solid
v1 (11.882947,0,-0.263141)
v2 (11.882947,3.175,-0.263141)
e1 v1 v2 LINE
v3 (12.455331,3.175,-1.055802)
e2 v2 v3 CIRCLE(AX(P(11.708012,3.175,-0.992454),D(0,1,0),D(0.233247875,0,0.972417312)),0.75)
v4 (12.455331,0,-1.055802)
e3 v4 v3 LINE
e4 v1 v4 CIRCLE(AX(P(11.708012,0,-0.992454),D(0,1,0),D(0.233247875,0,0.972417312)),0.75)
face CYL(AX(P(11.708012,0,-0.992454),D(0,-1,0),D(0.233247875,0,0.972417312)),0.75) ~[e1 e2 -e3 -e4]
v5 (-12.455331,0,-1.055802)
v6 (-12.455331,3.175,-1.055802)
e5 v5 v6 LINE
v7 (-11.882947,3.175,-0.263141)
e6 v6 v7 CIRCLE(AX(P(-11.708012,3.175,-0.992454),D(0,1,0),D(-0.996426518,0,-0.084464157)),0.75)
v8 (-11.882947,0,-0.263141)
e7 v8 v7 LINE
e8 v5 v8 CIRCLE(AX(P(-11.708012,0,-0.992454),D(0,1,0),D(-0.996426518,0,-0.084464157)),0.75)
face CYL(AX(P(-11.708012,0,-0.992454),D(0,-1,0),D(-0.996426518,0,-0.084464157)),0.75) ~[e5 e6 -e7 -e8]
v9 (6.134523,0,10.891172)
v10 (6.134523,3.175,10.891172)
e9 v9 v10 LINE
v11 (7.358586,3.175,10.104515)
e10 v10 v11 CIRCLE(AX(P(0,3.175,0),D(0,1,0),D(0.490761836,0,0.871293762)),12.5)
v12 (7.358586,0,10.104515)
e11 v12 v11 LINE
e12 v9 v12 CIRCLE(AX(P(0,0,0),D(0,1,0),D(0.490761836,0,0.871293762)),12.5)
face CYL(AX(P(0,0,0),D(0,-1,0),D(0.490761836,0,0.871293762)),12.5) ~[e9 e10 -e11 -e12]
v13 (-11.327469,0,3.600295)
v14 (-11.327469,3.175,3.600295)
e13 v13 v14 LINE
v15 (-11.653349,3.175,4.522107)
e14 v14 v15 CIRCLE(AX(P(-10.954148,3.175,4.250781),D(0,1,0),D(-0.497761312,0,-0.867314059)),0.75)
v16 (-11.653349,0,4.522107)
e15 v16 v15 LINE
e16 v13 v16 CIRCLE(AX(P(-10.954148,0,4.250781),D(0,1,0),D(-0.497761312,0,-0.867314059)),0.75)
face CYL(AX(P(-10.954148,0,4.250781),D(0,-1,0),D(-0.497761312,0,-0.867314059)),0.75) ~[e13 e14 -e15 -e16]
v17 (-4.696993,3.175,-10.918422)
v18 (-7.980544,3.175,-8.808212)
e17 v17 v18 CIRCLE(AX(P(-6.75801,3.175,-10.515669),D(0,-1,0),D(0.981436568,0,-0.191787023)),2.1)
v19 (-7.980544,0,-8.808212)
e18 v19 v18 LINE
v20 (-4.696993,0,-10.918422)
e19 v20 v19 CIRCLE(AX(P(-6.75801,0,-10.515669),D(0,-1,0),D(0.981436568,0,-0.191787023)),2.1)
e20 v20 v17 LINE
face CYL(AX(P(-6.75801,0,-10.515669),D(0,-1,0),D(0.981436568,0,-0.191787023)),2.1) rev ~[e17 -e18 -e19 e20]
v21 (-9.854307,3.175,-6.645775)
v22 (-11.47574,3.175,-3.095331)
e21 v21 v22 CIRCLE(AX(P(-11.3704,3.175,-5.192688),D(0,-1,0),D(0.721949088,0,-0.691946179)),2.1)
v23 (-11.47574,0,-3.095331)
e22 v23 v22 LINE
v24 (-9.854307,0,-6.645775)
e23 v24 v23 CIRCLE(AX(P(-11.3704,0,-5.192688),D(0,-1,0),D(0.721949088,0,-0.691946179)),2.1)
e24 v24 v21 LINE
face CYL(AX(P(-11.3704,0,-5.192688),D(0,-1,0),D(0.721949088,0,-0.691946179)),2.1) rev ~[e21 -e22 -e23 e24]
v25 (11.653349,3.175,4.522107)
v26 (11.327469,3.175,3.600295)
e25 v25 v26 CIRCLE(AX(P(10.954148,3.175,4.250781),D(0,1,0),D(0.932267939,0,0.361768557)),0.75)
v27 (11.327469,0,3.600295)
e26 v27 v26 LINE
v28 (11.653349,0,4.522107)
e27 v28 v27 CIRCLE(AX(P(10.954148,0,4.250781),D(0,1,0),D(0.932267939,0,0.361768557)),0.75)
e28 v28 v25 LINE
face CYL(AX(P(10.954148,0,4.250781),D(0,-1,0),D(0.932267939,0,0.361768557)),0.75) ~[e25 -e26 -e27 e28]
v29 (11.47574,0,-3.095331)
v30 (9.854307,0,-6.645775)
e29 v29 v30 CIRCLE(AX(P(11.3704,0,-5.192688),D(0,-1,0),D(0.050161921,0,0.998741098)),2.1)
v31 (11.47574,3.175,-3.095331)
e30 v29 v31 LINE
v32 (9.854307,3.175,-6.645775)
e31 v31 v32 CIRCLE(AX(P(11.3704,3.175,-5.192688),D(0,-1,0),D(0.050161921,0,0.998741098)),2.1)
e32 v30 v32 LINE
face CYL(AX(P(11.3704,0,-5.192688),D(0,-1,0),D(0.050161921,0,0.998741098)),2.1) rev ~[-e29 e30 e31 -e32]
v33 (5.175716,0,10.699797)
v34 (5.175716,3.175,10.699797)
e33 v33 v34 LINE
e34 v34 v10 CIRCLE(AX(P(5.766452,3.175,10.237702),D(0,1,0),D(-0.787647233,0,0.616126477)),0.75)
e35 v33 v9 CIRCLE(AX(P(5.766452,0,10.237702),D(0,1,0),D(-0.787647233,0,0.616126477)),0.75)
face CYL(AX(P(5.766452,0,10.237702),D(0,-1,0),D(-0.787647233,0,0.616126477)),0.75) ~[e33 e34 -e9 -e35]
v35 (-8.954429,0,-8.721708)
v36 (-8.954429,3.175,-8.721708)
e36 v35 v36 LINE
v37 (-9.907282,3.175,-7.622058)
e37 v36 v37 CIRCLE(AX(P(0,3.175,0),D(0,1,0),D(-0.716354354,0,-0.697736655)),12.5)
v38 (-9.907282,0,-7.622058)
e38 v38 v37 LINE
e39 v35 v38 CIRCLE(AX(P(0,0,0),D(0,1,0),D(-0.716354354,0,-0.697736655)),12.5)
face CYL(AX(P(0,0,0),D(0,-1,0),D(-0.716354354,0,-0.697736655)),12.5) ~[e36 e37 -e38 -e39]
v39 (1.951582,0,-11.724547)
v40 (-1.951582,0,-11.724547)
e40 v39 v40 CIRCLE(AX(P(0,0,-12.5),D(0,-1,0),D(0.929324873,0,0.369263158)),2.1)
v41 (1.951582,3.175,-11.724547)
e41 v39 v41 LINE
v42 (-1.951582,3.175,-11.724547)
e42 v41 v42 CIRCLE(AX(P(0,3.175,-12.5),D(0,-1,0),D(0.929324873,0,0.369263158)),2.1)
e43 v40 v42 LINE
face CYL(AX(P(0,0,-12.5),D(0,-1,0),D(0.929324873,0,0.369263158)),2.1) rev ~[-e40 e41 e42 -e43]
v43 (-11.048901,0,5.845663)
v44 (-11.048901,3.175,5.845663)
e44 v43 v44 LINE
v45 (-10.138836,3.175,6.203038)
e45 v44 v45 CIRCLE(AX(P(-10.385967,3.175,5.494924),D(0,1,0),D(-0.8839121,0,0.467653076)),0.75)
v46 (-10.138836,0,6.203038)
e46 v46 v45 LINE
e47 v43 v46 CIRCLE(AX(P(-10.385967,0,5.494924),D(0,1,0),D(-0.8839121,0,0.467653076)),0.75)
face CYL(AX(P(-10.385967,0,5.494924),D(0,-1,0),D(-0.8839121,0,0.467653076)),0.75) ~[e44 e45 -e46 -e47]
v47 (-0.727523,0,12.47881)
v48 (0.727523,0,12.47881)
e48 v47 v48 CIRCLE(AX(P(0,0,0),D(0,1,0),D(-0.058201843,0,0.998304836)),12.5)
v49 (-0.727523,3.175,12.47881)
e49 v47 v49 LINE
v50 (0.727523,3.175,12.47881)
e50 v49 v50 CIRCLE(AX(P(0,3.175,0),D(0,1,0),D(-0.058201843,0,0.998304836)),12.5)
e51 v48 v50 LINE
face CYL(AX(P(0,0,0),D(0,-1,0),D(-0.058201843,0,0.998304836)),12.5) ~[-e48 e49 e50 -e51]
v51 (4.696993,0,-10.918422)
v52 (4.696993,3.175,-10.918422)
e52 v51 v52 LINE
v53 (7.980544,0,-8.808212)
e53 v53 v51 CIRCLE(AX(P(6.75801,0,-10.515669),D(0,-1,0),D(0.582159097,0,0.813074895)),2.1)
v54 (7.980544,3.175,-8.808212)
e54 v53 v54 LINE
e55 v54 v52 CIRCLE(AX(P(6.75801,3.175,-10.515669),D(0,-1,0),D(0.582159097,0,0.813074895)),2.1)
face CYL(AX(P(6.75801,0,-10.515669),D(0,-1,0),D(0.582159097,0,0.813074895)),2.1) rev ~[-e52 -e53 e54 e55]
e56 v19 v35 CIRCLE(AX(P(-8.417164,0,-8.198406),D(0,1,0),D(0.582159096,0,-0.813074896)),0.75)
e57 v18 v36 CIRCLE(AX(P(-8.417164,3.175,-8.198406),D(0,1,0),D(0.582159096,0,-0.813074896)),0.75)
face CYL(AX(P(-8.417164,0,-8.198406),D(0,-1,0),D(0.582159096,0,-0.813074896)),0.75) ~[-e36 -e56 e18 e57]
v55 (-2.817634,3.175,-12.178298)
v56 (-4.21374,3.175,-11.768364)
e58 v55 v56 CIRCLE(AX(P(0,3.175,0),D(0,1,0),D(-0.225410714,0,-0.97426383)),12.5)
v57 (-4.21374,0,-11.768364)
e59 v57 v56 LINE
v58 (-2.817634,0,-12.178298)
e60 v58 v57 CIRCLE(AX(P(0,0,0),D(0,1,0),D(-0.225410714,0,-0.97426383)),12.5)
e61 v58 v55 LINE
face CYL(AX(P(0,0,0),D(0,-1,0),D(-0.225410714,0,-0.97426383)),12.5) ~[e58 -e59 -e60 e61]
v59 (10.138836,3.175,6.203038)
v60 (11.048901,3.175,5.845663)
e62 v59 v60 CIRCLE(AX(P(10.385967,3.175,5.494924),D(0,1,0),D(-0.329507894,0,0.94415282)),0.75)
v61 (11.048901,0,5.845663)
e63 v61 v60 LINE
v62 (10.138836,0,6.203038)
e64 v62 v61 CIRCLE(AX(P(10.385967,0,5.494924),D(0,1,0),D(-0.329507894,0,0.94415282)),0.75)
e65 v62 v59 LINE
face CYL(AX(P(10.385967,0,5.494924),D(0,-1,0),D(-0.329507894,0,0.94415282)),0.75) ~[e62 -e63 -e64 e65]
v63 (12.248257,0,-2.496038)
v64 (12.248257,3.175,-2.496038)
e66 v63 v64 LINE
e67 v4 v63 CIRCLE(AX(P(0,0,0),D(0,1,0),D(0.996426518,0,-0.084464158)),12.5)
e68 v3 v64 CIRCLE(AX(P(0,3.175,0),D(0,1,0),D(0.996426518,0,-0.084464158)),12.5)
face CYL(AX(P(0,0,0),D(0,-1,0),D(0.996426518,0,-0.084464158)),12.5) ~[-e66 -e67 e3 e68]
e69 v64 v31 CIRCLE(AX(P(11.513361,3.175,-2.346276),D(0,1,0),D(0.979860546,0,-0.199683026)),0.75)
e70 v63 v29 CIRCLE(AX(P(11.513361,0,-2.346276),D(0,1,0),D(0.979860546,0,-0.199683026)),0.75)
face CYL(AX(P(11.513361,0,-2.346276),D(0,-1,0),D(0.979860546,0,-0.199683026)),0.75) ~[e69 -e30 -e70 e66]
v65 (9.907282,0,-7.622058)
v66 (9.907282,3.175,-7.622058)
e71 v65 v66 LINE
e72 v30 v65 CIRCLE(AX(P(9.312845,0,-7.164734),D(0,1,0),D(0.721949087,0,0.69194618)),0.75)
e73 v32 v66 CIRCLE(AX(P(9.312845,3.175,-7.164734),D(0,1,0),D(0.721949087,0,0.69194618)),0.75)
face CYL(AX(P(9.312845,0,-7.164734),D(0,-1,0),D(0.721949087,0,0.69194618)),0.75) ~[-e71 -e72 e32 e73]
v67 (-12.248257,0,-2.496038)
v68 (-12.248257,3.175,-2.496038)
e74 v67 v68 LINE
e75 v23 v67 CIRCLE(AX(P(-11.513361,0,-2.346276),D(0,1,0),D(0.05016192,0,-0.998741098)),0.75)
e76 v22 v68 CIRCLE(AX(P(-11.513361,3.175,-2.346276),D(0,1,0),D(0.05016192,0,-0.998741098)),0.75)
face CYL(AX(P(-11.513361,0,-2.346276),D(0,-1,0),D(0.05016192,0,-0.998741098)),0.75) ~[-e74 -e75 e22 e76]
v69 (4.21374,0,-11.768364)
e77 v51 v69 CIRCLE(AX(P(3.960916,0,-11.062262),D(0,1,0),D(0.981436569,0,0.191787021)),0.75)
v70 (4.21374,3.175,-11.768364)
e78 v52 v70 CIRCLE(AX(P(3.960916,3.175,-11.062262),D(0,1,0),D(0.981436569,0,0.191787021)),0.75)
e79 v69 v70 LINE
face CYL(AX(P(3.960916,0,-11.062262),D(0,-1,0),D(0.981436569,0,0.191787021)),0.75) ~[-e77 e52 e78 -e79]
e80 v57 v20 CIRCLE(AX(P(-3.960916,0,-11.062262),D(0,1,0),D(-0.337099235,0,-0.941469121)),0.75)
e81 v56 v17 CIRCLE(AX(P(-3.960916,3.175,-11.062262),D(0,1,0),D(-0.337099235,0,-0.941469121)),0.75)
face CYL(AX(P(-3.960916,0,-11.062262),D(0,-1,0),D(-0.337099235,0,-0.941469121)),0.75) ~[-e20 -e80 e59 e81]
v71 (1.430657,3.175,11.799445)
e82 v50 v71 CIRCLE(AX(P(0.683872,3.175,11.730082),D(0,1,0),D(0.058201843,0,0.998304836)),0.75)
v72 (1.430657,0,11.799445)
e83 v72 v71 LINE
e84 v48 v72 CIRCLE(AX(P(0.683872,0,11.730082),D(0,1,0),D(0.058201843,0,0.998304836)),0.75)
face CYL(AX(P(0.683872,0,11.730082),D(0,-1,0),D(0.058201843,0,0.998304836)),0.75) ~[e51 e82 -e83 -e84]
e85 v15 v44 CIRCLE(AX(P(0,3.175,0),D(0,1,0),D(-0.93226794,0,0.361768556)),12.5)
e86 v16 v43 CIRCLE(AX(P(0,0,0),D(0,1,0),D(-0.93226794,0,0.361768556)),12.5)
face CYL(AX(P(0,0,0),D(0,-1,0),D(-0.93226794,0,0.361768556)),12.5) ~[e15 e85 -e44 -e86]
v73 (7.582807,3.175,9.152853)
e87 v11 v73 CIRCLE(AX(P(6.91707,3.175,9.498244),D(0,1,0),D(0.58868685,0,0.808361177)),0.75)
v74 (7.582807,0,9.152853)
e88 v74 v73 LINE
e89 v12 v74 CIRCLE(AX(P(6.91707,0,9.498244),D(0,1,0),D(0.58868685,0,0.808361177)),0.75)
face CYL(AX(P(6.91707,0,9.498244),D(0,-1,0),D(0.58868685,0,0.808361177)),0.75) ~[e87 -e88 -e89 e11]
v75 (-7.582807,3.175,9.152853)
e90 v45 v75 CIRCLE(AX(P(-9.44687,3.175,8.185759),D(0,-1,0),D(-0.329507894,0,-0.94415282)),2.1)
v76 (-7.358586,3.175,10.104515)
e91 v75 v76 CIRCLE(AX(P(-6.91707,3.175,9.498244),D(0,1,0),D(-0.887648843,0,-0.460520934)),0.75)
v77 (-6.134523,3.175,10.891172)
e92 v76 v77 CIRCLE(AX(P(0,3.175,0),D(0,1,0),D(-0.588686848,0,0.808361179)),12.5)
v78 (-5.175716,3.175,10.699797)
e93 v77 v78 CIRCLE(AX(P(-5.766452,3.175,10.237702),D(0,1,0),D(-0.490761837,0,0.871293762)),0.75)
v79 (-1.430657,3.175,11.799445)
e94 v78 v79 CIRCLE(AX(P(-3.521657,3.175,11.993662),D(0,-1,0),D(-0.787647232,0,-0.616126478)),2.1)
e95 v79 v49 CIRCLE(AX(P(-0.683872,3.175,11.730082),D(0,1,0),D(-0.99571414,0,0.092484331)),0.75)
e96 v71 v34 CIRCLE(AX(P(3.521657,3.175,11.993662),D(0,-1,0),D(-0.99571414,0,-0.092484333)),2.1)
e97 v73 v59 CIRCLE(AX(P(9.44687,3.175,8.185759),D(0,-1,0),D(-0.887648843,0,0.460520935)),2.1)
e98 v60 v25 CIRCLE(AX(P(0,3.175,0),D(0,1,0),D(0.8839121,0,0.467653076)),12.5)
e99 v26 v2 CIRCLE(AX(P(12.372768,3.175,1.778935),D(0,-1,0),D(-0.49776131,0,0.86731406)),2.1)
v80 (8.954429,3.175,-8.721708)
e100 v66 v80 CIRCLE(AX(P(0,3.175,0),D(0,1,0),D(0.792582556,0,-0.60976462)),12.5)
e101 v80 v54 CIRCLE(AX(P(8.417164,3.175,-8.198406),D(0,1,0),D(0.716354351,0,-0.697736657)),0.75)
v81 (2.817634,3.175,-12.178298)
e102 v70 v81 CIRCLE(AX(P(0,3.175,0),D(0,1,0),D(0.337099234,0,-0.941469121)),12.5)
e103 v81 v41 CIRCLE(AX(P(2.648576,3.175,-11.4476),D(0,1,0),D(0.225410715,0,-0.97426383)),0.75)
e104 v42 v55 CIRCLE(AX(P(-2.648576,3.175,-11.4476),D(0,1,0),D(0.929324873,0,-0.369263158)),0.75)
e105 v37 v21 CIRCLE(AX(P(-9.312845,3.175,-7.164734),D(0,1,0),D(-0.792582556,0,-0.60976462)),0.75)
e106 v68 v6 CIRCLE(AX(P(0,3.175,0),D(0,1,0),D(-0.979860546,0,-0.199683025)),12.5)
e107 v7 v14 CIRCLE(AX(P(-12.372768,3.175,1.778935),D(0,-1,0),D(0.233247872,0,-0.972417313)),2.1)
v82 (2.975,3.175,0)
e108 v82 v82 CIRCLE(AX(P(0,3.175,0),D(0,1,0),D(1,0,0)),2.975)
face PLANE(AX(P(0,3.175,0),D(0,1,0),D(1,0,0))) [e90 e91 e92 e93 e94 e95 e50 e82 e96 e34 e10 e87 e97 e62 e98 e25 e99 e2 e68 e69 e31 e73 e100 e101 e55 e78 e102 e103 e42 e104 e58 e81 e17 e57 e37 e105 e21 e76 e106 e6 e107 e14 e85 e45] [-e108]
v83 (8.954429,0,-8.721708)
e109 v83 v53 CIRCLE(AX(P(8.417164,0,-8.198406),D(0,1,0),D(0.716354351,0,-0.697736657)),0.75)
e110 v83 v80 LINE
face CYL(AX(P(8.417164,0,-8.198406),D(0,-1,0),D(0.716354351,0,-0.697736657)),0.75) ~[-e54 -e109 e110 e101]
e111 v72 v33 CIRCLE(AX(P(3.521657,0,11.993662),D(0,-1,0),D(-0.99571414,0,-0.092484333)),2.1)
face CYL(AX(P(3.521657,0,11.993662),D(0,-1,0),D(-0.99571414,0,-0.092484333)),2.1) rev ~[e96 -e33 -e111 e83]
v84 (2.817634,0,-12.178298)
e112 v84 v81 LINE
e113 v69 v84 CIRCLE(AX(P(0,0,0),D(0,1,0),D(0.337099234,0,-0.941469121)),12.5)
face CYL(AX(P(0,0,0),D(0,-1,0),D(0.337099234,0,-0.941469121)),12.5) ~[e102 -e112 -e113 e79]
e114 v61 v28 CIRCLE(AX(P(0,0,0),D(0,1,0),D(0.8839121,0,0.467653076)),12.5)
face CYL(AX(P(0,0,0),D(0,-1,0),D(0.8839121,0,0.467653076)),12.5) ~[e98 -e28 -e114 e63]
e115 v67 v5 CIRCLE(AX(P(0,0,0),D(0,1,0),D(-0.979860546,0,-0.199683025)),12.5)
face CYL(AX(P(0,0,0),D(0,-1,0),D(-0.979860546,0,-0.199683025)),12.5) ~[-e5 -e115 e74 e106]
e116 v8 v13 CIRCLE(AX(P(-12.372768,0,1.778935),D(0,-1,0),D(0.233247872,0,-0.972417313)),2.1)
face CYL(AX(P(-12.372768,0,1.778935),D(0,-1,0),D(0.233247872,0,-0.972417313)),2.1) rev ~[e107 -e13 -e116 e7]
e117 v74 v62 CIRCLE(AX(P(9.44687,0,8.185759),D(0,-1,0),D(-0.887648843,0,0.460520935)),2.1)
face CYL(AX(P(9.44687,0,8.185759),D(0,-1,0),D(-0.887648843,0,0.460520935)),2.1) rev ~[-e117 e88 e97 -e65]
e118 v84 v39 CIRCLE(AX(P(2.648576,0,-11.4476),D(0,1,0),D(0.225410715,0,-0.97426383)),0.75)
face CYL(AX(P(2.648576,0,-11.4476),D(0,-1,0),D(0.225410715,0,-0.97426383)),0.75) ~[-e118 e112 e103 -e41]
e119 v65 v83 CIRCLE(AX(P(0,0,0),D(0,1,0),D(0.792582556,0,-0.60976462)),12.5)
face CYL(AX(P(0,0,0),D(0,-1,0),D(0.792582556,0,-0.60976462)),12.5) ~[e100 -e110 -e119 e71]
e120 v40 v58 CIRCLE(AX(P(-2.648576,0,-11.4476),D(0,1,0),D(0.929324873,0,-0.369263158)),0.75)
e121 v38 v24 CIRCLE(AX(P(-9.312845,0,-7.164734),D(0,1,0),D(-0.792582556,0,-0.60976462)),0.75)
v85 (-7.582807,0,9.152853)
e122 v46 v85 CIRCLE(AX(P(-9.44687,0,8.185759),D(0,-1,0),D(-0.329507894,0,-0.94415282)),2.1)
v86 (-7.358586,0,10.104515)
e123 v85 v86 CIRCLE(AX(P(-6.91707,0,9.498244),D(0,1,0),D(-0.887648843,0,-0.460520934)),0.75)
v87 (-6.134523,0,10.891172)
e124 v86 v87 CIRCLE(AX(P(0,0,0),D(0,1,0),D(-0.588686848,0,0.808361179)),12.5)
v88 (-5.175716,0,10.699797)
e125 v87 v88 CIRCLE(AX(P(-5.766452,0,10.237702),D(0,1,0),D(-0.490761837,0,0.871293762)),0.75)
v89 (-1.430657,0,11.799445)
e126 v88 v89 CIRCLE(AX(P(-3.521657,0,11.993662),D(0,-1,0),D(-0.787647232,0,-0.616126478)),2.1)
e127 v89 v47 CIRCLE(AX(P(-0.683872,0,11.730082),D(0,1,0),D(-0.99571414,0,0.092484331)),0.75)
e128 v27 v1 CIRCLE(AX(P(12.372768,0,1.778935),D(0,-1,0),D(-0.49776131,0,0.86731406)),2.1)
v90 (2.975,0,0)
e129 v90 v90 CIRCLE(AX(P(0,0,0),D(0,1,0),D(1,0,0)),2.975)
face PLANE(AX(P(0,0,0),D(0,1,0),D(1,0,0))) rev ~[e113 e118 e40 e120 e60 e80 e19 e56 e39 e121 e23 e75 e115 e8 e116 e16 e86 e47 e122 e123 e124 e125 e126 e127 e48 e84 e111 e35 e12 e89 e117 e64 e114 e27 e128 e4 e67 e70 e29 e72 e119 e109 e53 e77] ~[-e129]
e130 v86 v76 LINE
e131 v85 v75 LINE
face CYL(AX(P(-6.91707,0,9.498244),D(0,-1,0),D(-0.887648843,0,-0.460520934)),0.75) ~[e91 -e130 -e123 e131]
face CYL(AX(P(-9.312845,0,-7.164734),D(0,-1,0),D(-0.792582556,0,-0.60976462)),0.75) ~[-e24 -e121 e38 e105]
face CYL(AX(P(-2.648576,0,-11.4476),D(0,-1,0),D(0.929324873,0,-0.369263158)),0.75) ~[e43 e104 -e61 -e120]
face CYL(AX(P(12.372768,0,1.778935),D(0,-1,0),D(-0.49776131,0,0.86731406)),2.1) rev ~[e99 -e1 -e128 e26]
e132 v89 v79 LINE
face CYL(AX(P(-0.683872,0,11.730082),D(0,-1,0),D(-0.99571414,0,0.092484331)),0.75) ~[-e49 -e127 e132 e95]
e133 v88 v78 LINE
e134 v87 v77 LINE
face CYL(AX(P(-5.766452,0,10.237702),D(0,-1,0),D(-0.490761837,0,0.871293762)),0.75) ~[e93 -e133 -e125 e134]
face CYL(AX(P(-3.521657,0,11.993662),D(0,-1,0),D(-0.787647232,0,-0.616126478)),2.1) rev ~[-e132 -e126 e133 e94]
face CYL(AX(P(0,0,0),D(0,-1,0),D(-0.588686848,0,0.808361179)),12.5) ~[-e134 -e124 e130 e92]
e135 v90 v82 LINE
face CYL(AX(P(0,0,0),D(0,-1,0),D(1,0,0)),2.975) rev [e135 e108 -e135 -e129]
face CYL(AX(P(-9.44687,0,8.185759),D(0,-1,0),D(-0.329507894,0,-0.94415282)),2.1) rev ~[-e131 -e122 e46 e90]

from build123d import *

# Parameters (mm, degrees)
SKETCH1_R           = 2.975
BOSS_EXTRUDE1_DEPTH = 3.175


with BuildPart() as part:
    # Sketch1 → Boss-Extrude1 (new body)
    with BuildSketch(Plane(origin=(0, 0, 0), x_dir=(1, 0, 0), z_dir=(0, 1, 0))):
        with BuildLine():
            ThreePointArc((11.882947492, 0.263140878), (12.316055042, 0.553383075), (12.455331476, 1.055801982))
            ThreePointArc((12.455331476, 1.055801982), (12.372768024, 1.778935478), (12.248256827, 2.4960378))
            ThreePointArc((12.248256827, 2.4960378), (11.973074304, 2.938866505), (11.475739976, 3.095331356))
            ThreePointArc((11.475739976, 3.095331356), (9.460172752, 4.320316135), (9.854306858, 6.645774639))
            ThreePointArc((9.854306858, 6.645774639), (10.061743337, 7.124097533), (9.90728196, 7.622057738))
            ThreePointArc((9.90728196, 7.622057738), (9.446869679, 8.185759174), (8.95442941, 8.721708201))
            ThreePointArc((8.95442941, 8.721708201), (8.483519867, 8.945464509), (7.980544323, 8.80821188))
            ThreePointArc((7.980544323, 8.80821188), (5.622664502, 8.749036741), (4.696993425, 10.918421909))
            ThreePointArc((4.696993425, 10.918421909), (4.612899215, 11.43296136), (4.213740424, 11.768364017))
            ThreePointArc((4.213740424, 11.768364017), (3.521656961, 11.99366217), (2.817633925, 12.178297872))
            ThreePointArc((2.817633925, 12.178297872), (2.300507814, 12.111940737), (1.951582234, 11.724547368))
            ThreePointArc((1.951582234, 11.724547368), (0, 10.4), (-1.951582234, 11.724547368))
            ThreePointArc((-1.951582234, 11.724547368), (-2.300507814, 12.111940737), (-2.817633925, 12.178297872))
            ThreePointArc((-2.817633925, 12.178297872), (-3.521656961, 11.99366217), (-4.213740424, 11.768364017))
            ThreePointArc((-4.213740424, 11.768364017), (-4.612899215, 11.43296136), (-4.696993425, 10.918421909))
            ThreePointArc((-4.696993425, 10.918421909), (-5.622664502, 8.749036741), (-7.980544323, 8.80821188))
            ThreePointArc((-7.980544323, 8.80821188), (-8.483519867, 8.945464509), (-8.95442941, 8.721708201))
            ThreePointArc((-8.95442941, 8.721708201), (-9.446869679, 8.185759174), (-9.90728196, 7.622057738))
            ThreePointArc((-9.90728196, 7.622057738), (-10.061743337, 7.124097533), (-9.854306858, 6.645774639))
            ThreePointArc((-9.854306858, 6.645774639), (-9.460172752, 4.320316135), (-11.475739976, 3.095331356))
            ThreePointArc((-11.475739976, 3.095331356), (-11.973074304, 2.938866505), (-12.248256827, 2.4960378))
            ThreePointArc((-12.248256827, 2.4960378), (-12.372768024, 1.778935478), (-12.455331476, 1.055801982))
            ThreePointArc((-12.455331476, 1.055801982), (-12.316055042, 0.553383075), (-11.882947492, 0.263140878))
            ThreePointArc((-11.882947492, 0.263140878), (-10.294142996, -1.480074318), (-11.327469272, -3.600295003))
            ThreePointArc((-11.327469272, -3.600295003), (-11.661262247, -4.000800849), (-11.653349243, -4.522106966))
            ThreePointArc((-11.653349243, -4.522106966), (-11.370399942, -5.192687663), (-11.048901253, -5.845663444))
            ThreePointArc((-11.048901253, -5.845663444), (-10.660106293, -6.193026599), (-10.138836257, -6.203038252))
            ThreePointArc((-10.138836257, -6.203038252), (-7.859795573, -6.810551633), (-7.582807109, -9.152853138))
            ThreePointArc((-7.582807109, -9.152853138), (-7.647081821, -9.670242202), (-7.358585614, -10.104514722))
            ThreePointArc((-7.358585614, -10.104514722), (-6.758010218, -10.51566916), (-6.13452295, -10.891172029))
            ThreePointArc((-6.13452295, -10.891172029), (-5.619649116, -10.973194086), (-5.175716149, -10.699796566))
            ThreePointArc((-5.175716149, -10.699796566), (-2.930018591, -9.978726926), (-1.430657267, -11.799445071))
            ThreePointArc((-1.430657267, -11.799445071), (-1.205006949, -12.269449983), (-0.727523045, -12.478810449))
            ThreePointArc((-0.727523045, -12.478810449), (0, -12.5), (0.727523045, -12.478810449))
            ThreePointArc((0.727523045, -12.478810449), (1.205006949, -12.269449983), (1.430657267, -11.799445071))
            ThreePointArc((1.430657267, -11.799445071), (2.930018591, -9.978726926), (5.175716149, -10.699796566))
            ThreePointArc((5.175716149, -10.699796566), (5.619649116, -10.973194086), (6.13452295, -10.891172029))
            ThreePointArc((6.13452295, -10.891172029), (6.758010218, -10.51566916), (7.358585614, -10.104514722))
            ThreePointArc((7.358585614, -10.104514722), (7.647081821, -9.670242202), (7.582807109, -9.152853138))
            ThreePointArc((7.582807109, -9.152853138), (7.859795573, -6.810551633), (10.138836257, -6.203038252))
            ThreePointArc((10.138836257, -6.203038252), (10.660106293, -6.193026599), (11.048901253, -5.845663444))
            ThreePointArc((11.048901253, -5.845663444), (11.370399942, -5.192687663), (11.653349243, -4.522106966))
            ThreePointArc((11.653349243, -4.522106966), (11.661262247, -4.000800849), (11.327469272, -3.600295003))
            ThreePointArc((11.327469272, -3.600295003), (10.294142996, -1.480074318), (11.882947492, 0.263140878))
        make_face()
        Circle(SKETCH1_R, mode=Mode.SUBTRACT)
    extrude(amount=BOSS_EXTRUDE1_DEPTH)


solid = part.part
